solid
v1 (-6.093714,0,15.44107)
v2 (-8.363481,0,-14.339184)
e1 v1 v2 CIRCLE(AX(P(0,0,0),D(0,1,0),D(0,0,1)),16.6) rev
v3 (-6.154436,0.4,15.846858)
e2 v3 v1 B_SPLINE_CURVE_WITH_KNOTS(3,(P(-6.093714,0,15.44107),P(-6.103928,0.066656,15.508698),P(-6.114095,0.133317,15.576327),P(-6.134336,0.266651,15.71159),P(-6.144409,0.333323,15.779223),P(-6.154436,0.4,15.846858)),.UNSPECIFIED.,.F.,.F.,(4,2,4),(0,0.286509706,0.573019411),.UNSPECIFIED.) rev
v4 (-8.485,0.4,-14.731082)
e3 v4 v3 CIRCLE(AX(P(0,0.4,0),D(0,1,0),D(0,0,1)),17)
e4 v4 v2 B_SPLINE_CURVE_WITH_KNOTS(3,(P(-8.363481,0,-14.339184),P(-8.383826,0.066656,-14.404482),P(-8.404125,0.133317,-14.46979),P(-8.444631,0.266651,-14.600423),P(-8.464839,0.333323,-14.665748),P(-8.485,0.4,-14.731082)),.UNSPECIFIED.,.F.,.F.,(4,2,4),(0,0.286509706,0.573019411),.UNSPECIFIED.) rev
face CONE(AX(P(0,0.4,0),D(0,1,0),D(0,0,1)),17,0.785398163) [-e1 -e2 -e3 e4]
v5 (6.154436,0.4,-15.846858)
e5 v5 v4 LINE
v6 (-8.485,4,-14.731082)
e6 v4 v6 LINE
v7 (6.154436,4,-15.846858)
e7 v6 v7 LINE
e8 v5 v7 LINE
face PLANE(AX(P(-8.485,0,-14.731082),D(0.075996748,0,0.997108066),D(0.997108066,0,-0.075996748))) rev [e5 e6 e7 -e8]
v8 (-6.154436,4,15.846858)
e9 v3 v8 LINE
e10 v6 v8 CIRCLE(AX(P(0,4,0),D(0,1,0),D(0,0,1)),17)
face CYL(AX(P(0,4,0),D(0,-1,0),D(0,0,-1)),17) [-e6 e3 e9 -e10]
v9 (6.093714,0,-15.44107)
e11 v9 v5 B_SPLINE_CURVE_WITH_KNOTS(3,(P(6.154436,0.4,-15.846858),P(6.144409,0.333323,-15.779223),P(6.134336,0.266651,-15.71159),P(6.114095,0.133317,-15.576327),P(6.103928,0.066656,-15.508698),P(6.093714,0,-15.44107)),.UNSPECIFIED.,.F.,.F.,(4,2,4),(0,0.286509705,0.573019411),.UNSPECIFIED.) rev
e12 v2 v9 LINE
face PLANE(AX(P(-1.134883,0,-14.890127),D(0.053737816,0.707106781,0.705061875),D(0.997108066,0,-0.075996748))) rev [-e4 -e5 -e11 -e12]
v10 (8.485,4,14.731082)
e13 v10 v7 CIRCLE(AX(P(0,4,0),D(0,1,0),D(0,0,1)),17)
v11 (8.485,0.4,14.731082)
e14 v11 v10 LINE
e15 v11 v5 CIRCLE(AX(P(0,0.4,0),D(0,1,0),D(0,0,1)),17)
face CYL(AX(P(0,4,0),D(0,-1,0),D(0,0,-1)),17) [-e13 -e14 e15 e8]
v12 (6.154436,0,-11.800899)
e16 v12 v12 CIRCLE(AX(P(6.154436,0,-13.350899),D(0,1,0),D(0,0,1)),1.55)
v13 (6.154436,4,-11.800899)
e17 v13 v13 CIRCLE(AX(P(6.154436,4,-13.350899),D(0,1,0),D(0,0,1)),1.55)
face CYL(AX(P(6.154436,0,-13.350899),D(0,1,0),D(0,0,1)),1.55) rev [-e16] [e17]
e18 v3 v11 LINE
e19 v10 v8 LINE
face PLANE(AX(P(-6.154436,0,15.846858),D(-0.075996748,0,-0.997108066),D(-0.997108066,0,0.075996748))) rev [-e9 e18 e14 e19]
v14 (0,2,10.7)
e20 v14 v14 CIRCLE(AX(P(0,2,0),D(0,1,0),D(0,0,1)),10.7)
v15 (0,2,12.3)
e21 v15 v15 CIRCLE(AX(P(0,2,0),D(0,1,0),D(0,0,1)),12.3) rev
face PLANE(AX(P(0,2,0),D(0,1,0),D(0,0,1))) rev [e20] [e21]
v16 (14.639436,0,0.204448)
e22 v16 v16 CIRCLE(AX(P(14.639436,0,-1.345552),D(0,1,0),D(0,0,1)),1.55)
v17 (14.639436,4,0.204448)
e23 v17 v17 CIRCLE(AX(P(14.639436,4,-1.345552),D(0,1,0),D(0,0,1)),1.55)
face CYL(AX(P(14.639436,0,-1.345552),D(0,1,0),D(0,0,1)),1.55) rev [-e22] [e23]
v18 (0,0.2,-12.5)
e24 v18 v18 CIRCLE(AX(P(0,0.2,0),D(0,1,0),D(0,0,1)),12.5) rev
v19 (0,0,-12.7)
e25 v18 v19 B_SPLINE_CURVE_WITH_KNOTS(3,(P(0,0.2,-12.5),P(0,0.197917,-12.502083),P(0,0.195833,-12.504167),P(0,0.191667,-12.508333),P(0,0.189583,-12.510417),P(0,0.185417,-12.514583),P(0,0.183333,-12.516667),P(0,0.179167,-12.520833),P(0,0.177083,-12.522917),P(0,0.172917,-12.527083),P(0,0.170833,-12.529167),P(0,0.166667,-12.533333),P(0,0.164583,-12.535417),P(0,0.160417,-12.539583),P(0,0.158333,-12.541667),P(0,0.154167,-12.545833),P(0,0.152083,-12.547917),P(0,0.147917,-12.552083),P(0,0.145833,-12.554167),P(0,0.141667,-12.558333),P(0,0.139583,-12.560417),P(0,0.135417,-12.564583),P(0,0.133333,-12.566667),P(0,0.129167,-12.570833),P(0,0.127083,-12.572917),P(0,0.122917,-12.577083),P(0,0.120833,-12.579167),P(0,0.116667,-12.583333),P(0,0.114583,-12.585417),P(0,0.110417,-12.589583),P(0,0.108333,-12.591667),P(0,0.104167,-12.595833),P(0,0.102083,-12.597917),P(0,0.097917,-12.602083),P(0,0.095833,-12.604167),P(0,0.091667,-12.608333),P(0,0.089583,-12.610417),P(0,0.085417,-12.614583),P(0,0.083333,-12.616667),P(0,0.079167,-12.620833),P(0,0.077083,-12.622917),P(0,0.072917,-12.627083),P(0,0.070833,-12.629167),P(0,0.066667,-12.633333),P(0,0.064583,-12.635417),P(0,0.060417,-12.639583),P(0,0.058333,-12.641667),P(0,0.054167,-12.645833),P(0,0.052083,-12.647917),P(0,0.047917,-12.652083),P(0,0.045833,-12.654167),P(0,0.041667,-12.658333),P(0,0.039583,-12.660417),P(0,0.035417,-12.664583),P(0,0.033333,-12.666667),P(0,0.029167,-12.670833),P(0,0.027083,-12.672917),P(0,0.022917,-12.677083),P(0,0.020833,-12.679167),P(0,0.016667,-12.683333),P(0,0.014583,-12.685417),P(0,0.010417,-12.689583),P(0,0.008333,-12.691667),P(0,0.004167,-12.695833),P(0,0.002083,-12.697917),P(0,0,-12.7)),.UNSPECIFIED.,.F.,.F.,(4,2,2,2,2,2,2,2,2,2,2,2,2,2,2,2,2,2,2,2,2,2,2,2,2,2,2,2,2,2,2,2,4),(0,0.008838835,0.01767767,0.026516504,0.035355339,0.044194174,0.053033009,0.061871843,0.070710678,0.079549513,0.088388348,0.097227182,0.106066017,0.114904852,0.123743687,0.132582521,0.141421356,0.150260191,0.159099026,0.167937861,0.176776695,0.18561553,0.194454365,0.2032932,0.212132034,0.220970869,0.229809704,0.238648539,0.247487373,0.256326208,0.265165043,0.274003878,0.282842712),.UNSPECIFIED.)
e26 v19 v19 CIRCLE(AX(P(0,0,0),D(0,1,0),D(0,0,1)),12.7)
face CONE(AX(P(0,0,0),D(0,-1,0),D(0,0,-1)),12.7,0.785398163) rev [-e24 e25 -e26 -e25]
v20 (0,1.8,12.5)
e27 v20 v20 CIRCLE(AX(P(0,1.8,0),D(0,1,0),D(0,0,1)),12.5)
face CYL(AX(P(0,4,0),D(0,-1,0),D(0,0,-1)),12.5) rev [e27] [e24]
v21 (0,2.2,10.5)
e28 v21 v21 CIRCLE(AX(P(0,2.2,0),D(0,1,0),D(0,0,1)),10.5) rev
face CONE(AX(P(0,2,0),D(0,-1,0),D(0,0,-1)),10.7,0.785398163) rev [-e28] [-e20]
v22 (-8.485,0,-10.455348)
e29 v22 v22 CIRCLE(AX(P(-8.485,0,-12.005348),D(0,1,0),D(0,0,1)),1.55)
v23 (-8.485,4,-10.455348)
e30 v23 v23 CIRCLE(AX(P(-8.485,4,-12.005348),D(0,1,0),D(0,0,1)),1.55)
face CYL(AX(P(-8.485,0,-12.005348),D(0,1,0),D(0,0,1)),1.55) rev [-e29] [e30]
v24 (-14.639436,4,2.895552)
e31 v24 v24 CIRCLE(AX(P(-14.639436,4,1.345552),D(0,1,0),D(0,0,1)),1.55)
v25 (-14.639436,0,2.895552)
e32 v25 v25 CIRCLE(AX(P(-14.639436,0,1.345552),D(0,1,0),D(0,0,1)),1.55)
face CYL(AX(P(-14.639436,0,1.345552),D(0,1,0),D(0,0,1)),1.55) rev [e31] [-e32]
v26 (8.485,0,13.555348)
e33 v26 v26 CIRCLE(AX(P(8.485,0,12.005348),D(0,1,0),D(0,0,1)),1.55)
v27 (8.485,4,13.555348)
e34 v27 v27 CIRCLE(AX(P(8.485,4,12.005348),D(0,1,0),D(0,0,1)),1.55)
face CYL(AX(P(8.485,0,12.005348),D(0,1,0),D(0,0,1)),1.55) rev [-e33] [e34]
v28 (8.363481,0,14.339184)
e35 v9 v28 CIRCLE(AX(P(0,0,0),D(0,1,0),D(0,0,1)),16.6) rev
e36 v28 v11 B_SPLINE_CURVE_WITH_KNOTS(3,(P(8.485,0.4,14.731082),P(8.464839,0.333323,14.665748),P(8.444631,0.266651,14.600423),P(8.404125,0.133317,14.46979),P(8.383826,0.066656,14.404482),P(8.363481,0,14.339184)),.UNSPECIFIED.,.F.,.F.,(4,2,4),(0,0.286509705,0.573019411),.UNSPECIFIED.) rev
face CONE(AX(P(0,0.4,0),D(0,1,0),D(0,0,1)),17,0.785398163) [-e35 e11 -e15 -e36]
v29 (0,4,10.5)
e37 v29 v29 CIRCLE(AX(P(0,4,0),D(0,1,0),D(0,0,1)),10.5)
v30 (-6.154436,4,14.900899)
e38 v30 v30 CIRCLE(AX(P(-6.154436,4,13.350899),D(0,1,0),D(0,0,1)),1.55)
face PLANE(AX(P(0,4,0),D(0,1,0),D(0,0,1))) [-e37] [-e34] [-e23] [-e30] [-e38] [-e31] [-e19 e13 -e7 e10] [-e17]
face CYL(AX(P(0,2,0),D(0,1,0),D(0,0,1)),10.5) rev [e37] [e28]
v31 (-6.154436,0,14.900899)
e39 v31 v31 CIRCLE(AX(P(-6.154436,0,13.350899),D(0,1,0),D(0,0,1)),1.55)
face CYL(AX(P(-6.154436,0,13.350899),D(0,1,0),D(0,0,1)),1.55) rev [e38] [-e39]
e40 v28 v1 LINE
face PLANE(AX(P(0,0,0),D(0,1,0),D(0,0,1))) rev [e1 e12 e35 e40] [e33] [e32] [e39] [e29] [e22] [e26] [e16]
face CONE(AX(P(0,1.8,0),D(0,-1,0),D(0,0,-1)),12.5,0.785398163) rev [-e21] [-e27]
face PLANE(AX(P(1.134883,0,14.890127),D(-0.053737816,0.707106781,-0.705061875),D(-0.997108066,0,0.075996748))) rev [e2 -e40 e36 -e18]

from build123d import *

# Parameters (mm, degrees)
SKETCH1_R           = 17
SKETCH1_R_2         = 12.5
BOSS_EXTRUDE1_DEPTH = 4
SKETCH2_R           = 1.55
CUT_EXTRUDE1_DEPTH  = 25.372115214
BOSS_EXTRUDE2_START = -2
SKETCH3_R           = 12.5
SKETCH3_R_2         = 10.5
BOSS_EXTRUDE2_DEPTH = 2
CHAMFER1_SIZE       = 0.2
CHAMFER2_SIZE       = 0.4


with BuildPart() as part:
    # Sketch1 → Boss-Extrude1 (new body)
    with BuildSketch(Plane(origin=(0, 0, 0), x_dir=(1, 0, 0), z_dir=(0, 1, 0))):
        with Locations(Location((0, 0, 0), (0, 0, 270))):
            Circle(SKETCH1_R)
        with Locations(Location((0, 0, 0), (0, 0, 270))):
            Circle(SKETCH1_R_2, mode=Mode.SUBTRACT)
    extrude(amount=BOSS_EXTRUDE1_DEPTH)

    # Sketch2 → Cut-Extrude1 (cut, through all)
    with BuildSketch(Plane(origin=(0, 4, 0), x_dir=(1, 0, 0), z_dir=(0, 1, 0))):
        with Locations(Location((-8.485, 12.005347771, 0), (0, 0, 270))):
            Circle(SKETCH2_R)
        with Locations(Location((6.154436151, 13.350899437, 0), (0, 0, 270))):
            Circle(SKETCH2_R)
        with Locations(Location((14.639436151, 1.345551666, 0), (0, 0, 270))):
            Circle(SKETCH2_R)
        with Locations(Location((8.485, -12.005347771, 0), (0, 0, 270))):
            Circle(SKETCH2_R)
        with Locations(Location((-6.154436151, -13.350899437, 0), (0, 0, 270))):
            Circle(SKETCH2_R)
        with Locations(Location((-14.639436151, -1.345551666, 0), (0, 0, 270))):
            Circle(SKETCH2_R)
        Polygon((-8.485, 14.731081936), (6.154436151, 15.846858227), (5.945678869, 18.585838188), (-8.485, 17.485972785), align=None)
        Polygon((8.485, -14.731081936), (8.693757282, -17.470061897), (-5.736921587, -18.5699273), (-6.154436151, -15.846858227), align=None)
    extrude(amount=-CUT_EXTRUDE1_DEPTH, mode=Mode.SUBTRACT)

    # Sketch3 → Boss-Extrude2 (add)
    with BuildSketch(Plane(origin=(0, 4, 0), x_dir=(1, 0, 0), z_dir=(0, 1, 0)).offset(BOSS_EXTRUDE2_START)):
        with Locations(Location((0, 0, 0), (0, 0, 270))):
            Circle(SKETCH3_R)
        with Locations(Location((0, 0, 0), (0, 0, 270))):
            Circle(SKETCH3_R_2, mode=Mode.SUBTRACT)
    extrude(amount=BOSS_EXTRUDE2_DEPTH)

    # Chamfer1
    chamfer1_edges = [part.edges().sort_by_distance(p)[0] for p in [
        (0, 0, -12.5),
        (0, 2, -12.5),
        (0, 2, -10.5),
    ]]
    chamfer(chamfer1_edges, length=CHAMFER1_SIZE)

    # Chamfer2
    chamfer2_edges = [part.edges().sort_by_distance(p)[0] for p in [
        (-16.950837114, 0, 1.291944715),
        (16.950837114, 0, -1.291944715),
        (-1.165281924, 0, -15.288970081),
        (1.165281924, 0, 15.288970081),
    ]]
    chamfer(chamfer2_edges, length=CHAMFER2_SIZE)


solid = part.part
